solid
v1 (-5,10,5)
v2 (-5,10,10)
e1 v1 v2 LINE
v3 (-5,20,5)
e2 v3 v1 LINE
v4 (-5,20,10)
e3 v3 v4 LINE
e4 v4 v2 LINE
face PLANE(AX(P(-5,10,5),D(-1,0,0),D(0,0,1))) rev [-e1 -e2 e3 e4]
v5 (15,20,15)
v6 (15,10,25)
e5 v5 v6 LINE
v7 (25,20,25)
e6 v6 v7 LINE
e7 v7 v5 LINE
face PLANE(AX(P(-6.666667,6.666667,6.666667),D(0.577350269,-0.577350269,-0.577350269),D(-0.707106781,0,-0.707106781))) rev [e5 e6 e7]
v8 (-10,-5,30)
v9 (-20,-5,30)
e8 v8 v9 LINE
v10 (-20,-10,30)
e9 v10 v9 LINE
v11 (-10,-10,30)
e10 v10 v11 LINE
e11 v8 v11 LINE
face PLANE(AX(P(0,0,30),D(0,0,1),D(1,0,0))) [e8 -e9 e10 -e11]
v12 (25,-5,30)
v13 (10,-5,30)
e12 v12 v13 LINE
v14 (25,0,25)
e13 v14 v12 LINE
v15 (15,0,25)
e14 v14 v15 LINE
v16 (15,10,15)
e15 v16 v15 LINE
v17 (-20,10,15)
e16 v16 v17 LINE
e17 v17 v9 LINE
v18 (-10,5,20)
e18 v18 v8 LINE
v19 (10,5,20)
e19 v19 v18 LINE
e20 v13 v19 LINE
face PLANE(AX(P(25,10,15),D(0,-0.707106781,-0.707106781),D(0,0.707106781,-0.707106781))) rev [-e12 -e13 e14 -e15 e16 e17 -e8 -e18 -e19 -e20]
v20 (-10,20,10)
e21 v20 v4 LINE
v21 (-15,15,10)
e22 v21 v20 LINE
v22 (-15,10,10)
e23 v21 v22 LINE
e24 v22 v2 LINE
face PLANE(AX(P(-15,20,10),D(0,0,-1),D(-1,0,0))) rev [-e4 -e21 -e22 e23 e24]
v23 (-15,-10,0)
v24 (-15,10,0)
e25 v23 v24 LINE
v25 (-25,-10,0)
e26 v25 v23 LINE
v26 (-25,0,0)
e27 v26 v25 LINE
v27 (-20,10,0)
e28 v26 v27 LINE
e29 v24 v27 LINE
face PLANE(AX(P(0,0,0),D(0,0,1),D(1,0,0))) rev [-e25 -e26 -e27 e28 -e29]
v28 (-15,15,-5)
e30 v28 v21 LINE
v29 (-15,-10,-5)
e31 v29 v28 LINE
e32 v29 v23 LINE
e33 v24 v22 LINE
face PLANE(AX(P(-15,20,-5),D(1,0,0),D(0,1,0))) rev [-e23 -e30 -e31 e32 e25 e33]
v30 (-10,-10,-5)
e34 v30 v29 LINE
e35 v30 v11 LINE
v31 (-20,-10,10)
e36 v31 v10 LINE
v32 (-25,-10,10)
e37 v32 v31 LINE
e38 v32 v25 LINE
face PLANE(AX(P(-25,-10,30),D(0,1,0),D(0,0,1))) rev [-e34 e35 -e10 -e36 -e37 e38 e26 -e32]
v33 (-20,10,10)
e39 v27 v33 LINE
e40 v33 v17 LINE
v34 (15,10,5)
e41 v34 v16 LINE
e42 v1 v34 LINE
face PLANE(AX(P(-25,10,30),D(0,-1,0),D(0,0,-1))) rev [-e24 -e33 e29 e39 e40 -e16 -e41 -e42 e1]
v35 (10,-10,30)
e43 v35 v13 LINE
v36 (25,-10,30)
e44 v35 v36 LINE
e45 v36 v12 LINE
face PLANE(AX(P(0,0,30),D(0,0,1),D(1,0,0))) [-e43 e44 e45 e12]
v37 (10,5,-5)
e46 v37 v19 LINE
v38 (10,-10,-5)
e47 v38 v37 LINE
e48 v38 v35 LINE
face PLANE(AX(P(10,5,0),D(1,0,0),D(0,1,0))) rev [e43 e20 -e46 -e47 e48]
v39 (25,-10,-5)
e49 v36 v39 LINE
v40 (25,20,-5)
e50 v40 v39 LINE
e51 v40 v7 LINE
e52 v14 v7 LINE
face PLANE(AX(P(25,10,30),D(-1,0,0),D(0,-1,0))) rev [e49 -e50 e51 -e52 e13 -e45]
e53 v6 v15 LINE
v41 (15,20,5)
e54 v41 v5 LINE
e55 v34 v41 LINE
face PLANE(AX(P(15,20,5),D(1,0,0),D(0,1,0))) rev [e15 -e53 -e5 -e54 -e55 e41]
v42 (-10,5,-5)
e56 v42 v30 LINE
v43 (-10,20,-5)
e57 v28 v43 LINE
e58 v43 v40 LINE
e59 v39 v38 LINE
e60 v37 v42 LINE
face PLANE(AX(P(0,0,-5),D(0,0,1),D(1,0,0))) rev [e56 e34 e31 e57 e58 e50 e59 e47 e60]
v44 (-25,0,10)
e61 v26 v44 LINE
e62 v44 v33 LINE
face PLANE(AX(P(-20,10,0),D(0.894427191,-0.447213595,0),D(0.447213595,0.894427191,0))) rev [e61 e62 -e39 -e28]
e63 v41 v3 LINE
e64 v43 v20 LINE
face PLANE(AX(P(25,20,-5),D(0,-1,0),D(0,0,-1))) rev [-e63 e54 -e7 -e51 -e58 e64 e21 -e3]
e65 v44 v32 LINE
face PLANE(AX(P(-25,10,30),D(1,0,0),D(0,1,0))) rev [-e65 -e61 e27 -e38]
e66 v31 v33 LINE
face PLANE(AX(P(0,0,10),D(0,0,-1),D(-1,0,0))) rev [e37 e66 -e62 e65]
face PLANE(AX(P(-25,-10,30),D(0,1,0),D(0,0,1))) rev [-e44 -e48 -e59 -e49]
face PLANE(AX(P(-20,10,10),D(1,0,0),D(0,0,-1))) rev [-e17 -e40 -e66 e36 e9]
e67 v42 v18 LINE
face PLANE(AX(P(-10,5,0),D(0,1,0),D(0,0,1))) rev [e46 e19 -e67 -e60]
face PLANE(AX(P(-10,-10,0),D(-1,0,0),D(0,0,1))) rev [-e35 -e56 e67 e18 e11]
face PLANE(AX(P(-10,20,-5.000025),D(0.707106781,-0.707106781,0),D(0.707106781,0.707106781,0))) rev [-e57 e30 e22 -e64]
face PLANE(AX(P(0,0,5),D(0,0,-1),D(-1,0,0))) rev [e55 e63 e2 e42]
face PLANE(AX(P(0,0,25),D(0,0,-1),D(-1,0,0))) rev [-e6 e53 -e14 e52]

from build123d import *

# Parameters (mm, degrees)
SKETCH1_W           = 50
SKETCH1_H           = 20
BOSS_EXTRUDE1_DEPTH = 30
SKETCH2_W           = 20
SKETCH2_H           = 15
CUT_EXTRUDE1_DEPTH  = 31
SKETCH3_W           = 5
SKETCH3_H           = 20
CUT_EXTRUDE2_DEPTH  = 20
CUT_EXTRUDE3_DEPTH  = 11
CUT_EXTRUDE4_DEPTH  = 46
SKETCH7_W           = 40
SKETCH7_H           = 30
BOSS_EXTRUDE2_DEPTH = 5
SKETCH8_W           = 20
SKETCH8_H           = 15
CUT_EXTRUDE5_DEPTH  = 6
SKETCH9_W           = 40
SKETCH9_H           = 10
BOSS_EXTRUDE3_DEPTH = 10
SKETCH10_W          = 20
SKETCH10_H          = 10
CUT_EXTRUDE6_DEPTH  = 5
CUT_EXTRUDE7_DEPTH  = 16
SKETCH12_W          = 10
SKETCH12_H          = 10
BOSS_EXTRUDE4_DEPTH = 5
SKETCH13_W          = 10
SKETCH13_H          = 10
BOSS_EXTRUDE5_DEPTH = 10
SKETCH14_W          = 10
SKETCH14_H          = 10
BOSS_EXTRUDE6_DEPTH = 10
CUT_EXTRUDE8_DEPTH  = 10


with BuildPart() as part:
    # Sketch1 → Boss-Extrude1 (new body)
    with BuildSketch(Plane.XY):
        Rectangle(SKETCH1_W, SKETCH1_H)
    extrude(amount=BOSS_EXTRUDE1_DEPTH)

    # Sketch2 → Cut-Extrude1 (cut, through all)
    with BuildSketch(Plane.XY.offset(30)):
        with Locations((0, -2.5)):
            Rectangle(SKETCH2_W, SKETCH2_H)
    extrude(amount=-CUT_EXTRUDE1_DEPTH, mode=Mode.SUBTRACT)

    # Sketch3 → Cut-Extrude2 (cut)
    with BuildSketch(Plane.XY.offset(30)):
        with Locations((-22.5, 0)):
            Rectangle(SKETCH3_W, SKETCH3_H)
    extrude(amount=-CUT_EXTRUDE2_DEPTH, mode=Mode.SUBTRACT)

    # Sketch4 → Cut-Extrude3 (cut, through all)
    with BuildSketch(Plane.XY.offset(10)):
        Polygon((-20, 10), (-25, 0), (-25, 10), align=None)
    extrude(amount=-CUT_EXTRUDE3_DEPTH, mode=Mode.SUBTRACT)

    # Sketch5 → Cut-Extrude4 (cut, through all)
    with BuildSketch(Plane.ZY.offset(20)):
        Polygon((15, 10), (30, -5), (30, 10), align=None)
    extrude(amount=-CUT_EXTRUDE4_DEPTH, mode=Mode.SUBTRACT)

    # Sketch7 → Boss-Extrude2 (add)
    with BuildSketch(Plane(origin=(0, 0, 0), x_dir=(-1, 0, 0), z_dir=(0, 0, -1))):
        with Locations((-5, 5)):
            Rectangle(SKETCH7_W, SKETCH7_H)
    extrude(amount=BOSS_EXTRUDE2_DEPTH)

    # Sketch8 → Cut-Extrude5 (cut, through all)
    with BuildSketch(Plane.XY):
        with Locations((0, -2.5)):
            Rectangle(SKETCH8_W, SKETCH8_H)
    extrude(amount=-CUT_EXTRUDE5_DEPTH, mode=Mode.SUBTRACT)

    # Sketch9 → Boss-Extrude3 (add)
    with BuildSketch(Plane(origin=(0, 10, 0), x_dir=(1, 0, 0), z_dir=(0, 1, 0))):
        with Locations((5, -5)):
            Rectangle(SKETCH9_W, SKETCH9_H)
    extrude(amount=BOSS_EXTRUDE3_DEPTH)

    # Sketch10 → Cut-Extrude6 (cut)
    with BuildSketch(Plane.XY.offset(10)):
        with Locations((5, 15)):
            Rectangle(SKETCH10_W, SKETCH10_H)
    extrude(amount=-CUT_EXTRUDE6_DEPTH, mode=Mode.SUBTRACT)

    # Sketch11 → Cut-Extrude7 (cut, through all)
    with BuildSketch(Plane.XY.offset(10)):
        Polygon((-15, 20), (-10, 20), (-15, 15), align=None)
    extrude(amount=-CUT_EXTRUDE7_DEPTH, mode=Mode.SUBTRACT)

    # Sketch12 → Boss-Extrude4 (add)
    with BuildSketch(Plane.XY.offset(10)):
        with Locations((20, 15)):
            Rectangle(SKETCH12_W, SKETCH12_H)
    extrude(amount=BOSS_EXTRUDE4_DEPTH)

    # Sketch13 → Boss-Extrude5 (add)
    with BuildSketch(Plane.XY.offset(15)):
        with Locations((20, 15)):
            Rectangle(SKETCH13_W, SKETCH13_H)
    extrude(amount=BOSS_EXTRUDE5_DEPTH)

    # Sketch14 → Boss-Extrude6 (add)
    with BuildSketch(Plane.XZ.offset(-10)):
        with Locations((20, 20)):
            Rectangle(SKETCH14_W, SKETCH14_H)
    extrude(amount=BOSS_EXTRUDE6_DEPTH)

    # Sketch17 → Cut-Extrude8 (cut)
    with BuildSketch(Plane(origin=(-6.666666667, 6.666666667, 6.666666667), x_dir=(0.816496581, 0.40824829, 0.40824829), z_dir=(-0.577350269, 0.577350269, 0.577350269))):
        Polygon((26.53613888, 3.535533906), (38.783587594, -3.535533906), (26.53613888, -10.606601718), align=None)
    extrude(amount=CUT_EXTRUDE8_DEPTH, mode=Mode.SUBTRACT)


solid = part.part
